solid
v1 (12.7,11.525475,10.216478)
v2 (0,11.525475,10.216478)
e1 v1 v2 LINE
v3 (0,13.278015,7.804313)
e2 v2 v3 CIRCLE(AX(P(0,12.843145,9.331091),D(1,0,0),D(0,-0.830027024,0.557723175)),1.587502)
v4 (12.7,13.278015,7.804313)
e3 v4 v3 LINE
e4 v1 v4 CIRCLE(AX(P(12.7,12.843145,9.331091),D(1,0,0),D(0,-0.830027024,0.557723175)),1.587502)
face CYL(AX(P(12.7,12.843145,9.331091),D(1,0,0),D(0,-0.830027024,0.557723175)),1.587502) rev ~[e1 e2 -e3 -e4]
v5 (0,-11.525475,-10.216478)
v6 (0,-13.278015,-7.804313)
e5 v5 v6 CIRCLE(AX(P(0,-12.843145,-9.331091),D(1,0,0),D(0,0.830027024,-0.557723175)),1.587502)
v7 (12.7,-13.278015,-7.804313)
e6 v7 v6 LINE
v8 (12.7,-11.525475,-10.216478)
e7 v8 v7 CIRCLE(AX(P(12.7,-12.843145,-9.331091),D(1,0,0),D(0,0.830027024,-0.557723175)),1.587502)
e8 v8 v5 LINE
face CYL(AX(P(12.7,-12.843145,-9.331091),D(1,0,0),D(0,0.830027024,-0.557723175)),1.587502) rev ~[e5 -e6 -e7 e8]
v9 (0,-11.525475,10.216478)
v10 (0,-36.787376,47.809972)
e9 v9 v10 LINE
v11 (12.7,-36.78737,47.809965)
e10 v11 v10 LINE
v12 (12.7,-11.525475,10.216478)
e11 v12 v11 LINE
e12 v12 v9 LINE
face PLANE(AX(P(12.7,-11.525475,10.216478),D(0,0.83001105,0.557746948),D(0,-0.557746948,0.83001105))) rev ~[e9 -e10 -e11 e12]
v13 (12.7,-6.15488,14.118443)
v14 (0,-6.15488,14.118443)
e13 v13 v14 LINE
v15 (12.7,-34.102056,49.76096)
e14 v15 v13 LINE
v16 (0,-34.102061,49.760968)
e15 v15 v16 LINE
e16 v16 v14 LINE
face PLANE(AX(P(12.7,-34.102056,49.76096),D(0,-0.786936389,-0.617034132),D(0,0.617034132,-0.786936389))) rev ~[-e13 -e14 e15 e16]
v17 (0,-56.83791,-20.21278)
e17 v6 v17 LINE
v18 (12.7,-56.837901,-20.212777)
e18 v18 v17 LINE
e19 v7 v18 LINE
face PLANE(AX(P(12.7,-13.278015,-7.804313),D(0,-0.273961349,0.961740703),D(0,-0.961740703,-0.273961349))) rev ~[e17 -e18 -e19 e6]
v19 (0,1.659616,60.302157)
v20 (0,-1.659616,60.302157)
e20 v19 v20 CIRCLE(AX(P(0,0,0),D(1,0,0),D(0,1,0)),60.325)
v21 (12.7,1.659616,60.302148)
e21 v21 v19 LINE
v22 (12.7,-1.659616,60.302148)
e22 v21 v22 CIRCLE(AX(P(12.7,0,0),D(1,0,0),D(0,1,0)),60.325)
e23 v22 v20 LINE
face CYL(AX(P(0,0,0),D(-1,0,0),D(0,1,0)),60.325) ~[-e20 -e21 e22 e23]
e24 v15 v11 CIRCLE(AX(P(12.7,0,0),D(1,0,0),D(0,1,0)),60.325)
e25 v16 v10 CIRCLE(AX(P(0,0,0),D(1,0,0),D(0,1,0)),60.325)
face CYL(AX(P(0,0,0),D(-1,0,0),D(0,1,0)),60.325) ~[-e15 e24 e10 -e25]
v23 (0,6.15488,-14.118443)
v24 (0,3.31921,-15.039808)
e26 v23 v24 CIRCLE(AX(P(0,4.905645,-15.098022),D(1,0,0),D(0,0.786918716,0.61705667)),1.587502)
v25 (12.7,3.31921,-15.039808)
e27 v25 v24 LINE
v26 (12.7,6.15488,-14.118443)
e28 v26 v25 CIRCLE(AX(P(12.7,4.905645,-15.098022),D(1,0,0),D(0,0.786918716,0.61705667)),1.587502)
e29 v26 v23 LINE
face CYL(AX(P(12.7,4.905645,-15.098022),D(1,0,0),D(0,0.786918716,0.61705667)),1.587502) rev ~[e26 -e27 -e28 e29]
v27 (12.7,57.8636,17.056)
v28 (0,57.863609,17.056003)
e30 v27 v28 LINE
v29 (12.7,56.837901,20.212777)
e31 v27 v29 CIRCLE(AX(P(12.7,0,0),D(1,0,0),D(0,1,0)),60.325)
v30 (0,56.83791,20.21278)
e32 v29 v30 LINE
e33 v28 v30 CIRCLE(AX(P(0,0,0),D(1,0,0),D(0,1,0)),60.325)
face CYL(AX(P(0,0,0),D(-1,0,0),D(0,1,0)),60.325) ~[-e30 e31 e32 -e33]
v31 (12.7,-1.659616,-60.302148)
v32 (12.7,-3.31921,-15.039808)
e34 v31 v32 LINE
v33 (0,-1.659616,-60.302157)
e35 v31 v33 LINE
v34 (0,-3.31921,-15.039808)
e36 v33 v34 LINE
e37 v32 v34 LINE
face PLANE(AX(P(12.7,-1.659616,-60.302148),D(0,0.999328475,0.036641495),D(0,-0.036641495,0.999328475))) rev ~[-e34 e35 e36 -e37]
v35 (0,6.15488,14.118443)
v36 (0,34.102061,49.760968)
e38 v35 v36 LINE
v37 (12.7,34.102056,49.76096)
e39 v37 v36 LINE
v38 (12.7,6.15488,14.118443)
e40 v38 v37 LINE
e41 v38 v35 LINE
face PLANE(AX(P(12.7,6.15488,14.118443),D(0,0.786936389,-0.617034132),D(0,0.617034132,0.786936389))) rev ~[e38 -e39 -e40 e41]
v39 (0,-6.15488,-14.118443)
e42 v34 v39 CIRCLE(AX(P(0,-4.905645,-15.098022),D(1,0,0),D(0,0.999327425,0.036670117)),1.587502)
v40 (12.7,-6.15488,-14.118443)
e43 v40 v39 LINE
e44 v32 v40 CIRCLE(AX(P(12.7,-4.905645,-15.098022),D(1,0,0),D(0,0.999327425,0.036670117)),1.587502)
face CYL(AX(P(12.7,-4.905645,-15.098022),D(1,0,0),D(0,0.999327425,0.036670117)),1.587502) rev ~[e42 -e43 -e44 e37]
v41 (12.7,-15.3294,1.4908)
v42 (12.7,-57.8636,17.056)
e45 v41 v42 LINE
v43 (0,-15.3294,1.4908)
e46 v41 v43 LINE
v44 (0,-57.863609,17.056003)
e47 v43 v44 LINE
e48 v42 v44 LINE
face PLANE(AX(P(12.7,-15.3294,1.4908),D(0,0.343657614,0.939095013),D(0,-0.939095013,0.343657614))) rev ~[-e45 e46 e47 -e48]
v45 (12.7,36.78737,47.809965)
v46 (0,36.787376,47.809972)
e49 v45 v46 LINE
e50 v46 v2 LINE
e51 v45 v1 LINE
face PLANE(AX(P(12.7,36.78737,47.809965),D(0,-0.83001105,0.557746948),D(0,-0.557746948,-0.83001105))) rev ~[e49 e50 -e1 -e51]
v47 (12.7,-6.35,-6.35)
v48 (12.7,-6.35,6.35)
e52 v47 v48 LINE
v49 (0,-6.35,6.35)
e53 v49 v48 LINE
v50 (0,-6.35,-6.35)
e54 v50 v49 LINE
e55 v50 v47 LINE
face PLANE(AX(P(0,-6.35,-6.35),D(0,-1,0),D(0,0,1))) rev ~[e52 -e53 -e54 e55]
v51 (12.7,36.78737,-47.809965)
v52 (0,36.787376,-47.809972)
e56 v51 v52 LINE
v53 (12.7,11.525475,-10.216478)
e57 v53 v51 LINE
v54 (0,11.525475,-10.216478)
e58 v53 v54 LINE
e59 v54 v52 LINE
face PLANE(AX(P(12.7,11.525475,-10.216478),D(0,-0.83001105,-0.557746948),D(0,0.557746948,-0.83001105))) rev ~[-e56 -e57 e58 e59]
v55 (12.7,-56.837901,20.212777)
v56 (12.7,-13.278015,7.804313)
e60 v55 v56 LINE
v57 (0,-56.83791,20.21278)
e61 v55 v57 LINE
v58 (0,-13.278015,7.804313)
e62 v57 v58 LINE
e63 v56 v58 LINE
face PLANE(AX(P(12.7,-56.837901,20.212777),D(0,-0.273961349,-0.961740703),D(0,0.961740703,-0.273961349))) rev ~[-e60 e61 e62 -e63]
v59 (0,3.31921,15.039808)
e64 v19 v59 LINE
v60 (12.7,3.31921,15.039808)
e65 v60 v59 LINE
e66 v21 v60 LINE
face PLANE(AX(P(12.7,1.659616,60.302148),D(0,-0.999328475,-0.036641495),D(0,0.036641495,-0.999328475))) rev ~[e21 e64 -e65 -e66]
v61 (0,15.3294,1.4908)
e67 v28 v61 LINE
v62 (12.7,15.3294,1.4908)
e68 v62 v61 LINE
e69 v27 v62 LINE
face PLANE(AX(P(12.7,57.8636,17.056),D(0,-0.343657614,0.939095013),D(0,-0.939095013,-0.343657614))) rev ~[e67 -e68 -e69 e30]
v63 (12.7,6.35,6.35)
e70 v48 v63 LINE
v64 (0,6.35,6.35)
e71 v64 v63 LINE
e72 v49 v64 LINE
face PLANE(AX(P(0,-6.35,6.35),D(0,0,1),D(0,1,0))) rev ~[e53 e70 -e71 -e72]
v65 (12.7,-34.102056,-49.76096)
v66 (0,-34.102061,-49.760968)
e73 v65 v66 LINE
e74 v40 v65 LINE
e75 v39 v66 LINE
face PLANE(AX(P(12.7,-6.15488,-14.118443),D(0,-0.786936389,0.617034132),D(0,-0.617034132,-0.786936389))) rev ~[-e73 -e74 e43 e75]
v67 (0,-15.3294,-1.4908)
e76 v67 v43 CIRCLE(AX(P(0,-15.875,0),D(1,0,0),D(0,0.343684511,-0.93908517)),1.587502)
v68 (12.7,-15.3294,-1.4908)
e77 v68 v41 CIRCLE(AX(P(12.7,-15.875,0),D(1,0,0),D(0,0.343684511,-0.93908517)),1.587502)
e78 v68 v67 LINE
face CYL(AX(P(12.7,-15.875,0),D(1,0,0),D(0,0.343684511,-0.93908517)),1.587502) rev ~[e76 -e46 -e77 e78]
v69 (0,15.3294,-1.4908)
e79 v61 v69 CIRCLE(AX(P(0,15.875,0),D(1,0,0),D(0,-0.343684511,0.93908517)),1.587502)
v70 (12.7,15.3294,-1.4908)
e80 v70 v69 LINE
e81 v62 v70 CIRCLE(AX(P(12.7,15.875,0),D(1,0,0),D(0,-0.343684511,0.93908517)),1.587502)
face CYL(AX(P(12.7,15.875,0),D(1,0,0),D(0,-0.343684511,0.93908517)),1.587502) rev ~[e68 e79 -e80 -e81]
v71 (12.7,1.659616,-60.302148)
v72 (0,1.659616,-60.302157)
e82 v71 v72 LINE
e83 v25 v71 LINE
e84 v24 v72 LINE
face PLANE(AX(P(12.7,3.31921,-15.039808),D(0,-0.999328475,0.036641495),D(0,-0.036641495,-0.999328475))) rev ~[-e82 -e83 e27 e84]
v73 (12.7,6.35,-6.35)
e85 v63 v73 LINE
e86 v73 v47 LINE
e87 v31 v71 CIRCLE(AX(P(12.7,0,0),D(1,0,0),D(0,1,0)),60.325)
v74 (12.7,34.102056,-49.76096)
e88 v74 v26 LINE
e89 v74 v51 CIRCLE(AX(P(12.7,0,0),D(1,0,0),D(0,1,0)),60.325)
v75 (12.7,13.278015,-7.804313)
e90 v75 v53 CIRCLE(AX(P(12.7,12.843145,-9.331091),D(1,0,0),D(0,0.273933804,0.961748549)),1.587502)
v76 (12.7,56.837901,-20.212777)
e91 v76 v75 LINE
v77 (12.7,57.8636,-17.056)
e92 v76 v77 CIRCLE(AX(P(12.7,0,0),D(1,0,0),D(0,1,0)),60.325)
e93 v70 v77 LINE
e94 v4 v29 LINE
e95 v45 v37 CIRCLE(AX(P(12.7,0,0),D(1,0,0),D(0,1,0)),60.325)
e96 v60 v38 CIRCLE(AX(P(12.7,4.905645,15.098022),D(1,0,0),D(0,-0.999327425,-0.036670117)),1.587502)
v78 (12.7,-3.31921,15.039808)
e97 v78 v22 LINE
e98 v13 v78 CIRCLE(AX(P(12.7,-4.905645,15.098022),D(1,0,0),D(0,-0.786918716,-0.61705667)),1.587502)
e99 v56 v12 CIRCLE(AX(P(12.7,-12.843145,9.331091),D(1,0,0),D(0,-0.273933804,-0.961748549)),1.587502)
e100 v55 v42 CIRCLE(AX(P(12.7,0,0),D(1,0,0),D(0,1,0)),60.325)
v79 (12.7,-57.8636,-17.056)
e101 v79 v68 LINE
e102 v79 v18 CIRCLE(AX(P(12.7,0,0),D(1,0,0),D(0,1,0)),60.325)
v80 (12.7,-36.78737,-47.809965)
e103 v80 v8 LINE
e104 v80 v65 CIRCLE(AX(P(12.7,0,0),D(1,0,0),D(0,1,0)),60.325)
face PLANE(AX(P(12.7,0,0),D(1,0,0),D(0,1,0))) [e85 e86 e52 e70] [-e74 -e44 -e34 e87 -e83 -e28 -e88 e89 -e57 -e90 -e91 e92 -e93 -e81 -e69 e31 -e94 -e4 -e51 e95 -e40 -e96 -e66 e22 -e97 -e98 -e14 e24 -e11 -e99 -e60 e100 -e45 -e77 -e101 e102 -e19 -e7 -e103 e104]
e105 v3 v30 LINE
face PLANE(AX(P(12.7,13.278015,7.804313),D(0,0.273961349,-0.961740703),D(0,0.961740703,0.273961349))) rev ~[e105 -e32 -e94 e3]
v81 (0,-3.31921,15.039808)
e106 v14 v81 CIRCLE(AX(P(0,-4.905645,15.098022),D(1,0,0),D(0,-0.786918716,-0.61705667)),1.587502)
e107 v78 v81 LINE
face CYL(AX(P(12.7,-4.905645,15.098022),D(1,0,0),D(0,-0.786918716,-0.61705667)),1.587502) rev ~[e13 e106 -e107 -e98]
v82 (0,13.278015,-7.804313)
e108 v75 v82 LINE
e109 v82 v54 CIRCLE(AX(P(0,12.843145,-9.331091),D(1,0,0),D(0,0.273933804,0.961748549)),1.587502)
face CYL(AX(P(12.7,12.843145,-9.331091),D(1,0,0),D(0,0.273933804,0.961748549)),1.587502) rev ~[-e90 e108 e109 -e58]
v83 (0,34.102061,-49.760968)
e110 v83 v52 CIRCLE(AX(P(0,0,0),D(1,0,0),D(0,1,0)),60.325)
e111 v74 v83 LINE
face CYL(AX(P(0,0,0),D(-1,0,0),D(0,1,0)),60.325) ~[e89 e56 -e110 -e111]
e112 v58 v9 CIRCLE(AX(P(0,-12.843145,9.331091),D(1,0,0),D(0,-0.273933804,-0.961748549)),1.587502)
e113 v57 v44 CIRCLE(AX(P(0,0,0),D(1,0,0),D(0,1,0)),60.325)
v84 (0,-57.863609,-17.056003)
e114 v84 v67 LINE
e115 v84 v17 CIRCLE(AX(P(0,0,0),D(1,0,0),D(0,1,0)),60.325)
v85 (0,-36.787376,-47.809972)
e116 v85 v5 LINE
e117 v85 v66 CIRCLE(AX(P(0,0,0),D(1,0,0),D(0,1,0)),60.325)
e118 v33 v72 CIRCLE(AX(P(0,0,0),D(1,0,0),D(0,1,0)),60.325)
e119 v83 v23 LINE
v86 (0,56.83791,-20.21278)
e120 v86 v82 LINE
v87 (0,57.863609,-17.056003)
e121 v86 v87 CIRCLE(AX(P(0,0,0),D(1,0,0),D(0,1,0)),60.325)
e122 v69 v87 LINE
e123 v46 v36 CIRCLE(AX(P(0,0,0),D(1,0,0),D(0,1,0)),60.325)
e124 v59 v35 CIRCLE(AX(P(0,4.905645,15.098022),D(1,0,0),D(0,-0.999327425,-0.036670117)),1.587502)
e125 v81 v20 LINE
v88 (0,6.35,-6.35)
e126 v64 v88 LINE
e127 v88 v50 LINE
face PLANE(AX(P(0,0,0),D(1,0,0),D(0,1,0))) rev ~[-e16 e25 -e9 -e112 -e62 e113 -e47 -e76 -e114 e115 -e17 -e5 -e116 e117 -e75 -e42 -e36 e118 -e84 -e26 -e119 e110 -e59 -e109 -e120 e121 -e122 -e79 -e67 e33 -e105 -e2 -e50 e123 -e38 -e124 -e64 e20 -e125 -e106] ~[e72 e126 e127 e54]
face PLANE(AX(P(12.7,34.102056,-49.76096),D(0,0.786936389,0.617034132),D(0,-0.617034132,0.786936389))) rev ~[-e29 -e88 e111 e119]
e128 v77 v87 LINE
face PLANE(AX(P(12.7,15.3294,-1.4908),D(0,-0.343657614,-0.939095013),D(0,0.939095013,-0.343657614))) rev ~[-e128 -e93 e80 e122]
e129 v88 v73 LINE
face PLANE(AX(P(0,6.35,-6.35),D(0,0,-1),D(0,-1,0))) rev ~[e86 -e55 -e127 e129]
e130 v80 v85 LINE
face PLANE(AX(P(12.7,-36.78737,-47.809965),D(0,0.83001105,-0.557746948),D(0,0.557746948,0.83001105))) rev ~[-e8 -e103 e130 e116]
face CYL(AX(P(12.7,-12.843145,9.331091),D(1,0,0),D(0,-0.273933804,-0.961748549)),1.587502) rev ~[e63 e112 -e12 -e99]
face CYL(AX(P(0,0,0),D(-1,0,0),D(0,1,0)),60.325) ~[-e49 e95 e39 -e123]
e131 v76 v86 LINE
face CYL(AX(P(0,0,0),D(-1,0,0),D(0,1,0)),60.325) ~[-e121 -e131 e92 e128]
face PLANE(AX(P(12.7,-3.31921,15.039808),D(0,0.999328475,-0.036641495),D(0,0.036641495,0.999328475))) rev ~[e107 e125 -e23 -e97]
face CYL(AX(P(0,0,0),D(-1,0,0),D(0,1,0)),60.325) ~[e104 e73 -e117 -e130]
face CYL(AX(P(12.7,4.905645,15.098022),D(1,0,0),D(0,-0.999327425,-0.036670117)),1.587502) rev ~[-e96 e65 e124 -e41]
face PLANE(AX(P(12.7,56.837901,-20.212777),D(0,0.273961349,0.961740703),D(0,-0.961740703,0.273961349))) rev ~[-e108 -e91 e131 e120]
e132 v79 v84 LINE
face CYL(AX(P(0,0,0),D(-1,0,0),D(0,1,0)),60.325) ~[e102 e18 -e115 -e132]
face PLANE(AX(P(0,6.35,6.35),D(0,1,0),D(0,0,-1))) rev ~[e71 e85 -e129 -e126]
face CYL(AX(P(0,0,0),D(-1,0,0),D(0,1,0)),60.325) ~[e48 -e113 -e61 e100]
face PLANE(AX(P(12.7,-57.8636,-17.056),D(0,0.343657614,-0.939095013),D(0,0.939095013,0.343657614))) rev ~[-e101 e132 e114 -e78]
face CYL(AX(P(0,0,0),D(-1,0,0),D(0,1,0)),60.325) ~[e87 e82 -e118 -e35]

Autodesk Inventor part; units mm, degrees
ref_plane "YZ Plane" through (0, 0, 0) normal (1, 0, 0) x (0, 1, 0)
ref_plane "XZ Plane" through (0, 0, 0) normal (0, 1, 0) x (-1, 0, 0)
ref_plane "XY Plane" through (0, 0, 0) normal (0, 0, 1) x (1, 0, 0)
sketch "Sketch1" plane through (0, 0, 0) normal (1, 0, 0) x (0, 1, 0)
  circle A0 centre (0, 0) radius 60.325
  line L0 (-6.35, 6.35) -> (6.35, 6.35)
  line L1 (6.35, 6.35) -> (6.35, -6.35)
  line L2 (6.35, -6.35) -> (-6.35, -6.35)
  line L3 (-6.35, -6.35) -> (-6.35, 6.35)
  line L4 (-6.35, 6.35) -> (0, 0) construction
  line L5 (0, 0) -> (6.35, 6.35) construction
  line L6 (-6.35, -6.35) -> (0, 0) construction
  line L7 (0, 0) -> (6.35, -6.35) construction
  dimension "d0" = 120.65
  dimension "d1" = 12.7
extrude "Extrusion1" add sketch "Sketch1" along normal blind 12.7
sketch "Sketch2" plane through (12.7, 0, 0) normal (1, 0, 0) x (0, 0, -1)
  circle A0 centre (0, 0) radius 60.325 projected
  line L0 (0, 0) -> (0, 60.325) construction
  line L1 (0, 60.325) -> (-17.056, 57.8636) construction
  line L2 (0, 60.325) -> (17.056, 57.8636) construction
  line L3 (17.056, 57.8636) -> (0, 0) construction
  line L4 (0, 0) -> (-17.056, 57.8636) construction
  arc A1 (17.056, 57.8636) -> (-17.056, 57.8636) centre (0, 0) ccw construction
  line L5 (-17.056, 57.8636) -> (-1.4908, 15.3294)
  line L6 (1.4908, 15.3294) -> (17.056, 57.8636)
  arc A2 (-1.4908, 15.3294) -> (1.4908, 15.3294) centre (0, 15.875) ccw
  dimension "d4" = 32.847
  dimension "d11" = 1.5875
  dimension "d12" = 44.45
extrude "Extrusion3" cut sketch "Sketch2" against normal through all contours L6 A2 L5 A0 picked at (-9.0544, 44.2998)
pattern_circular "Circular Pattern2" count 10 over 360 about axis through (0, 0, 0) along (1, 0, 0) of "Extrusion3"
properties part number "IntakeRoller" material "Silicone"
